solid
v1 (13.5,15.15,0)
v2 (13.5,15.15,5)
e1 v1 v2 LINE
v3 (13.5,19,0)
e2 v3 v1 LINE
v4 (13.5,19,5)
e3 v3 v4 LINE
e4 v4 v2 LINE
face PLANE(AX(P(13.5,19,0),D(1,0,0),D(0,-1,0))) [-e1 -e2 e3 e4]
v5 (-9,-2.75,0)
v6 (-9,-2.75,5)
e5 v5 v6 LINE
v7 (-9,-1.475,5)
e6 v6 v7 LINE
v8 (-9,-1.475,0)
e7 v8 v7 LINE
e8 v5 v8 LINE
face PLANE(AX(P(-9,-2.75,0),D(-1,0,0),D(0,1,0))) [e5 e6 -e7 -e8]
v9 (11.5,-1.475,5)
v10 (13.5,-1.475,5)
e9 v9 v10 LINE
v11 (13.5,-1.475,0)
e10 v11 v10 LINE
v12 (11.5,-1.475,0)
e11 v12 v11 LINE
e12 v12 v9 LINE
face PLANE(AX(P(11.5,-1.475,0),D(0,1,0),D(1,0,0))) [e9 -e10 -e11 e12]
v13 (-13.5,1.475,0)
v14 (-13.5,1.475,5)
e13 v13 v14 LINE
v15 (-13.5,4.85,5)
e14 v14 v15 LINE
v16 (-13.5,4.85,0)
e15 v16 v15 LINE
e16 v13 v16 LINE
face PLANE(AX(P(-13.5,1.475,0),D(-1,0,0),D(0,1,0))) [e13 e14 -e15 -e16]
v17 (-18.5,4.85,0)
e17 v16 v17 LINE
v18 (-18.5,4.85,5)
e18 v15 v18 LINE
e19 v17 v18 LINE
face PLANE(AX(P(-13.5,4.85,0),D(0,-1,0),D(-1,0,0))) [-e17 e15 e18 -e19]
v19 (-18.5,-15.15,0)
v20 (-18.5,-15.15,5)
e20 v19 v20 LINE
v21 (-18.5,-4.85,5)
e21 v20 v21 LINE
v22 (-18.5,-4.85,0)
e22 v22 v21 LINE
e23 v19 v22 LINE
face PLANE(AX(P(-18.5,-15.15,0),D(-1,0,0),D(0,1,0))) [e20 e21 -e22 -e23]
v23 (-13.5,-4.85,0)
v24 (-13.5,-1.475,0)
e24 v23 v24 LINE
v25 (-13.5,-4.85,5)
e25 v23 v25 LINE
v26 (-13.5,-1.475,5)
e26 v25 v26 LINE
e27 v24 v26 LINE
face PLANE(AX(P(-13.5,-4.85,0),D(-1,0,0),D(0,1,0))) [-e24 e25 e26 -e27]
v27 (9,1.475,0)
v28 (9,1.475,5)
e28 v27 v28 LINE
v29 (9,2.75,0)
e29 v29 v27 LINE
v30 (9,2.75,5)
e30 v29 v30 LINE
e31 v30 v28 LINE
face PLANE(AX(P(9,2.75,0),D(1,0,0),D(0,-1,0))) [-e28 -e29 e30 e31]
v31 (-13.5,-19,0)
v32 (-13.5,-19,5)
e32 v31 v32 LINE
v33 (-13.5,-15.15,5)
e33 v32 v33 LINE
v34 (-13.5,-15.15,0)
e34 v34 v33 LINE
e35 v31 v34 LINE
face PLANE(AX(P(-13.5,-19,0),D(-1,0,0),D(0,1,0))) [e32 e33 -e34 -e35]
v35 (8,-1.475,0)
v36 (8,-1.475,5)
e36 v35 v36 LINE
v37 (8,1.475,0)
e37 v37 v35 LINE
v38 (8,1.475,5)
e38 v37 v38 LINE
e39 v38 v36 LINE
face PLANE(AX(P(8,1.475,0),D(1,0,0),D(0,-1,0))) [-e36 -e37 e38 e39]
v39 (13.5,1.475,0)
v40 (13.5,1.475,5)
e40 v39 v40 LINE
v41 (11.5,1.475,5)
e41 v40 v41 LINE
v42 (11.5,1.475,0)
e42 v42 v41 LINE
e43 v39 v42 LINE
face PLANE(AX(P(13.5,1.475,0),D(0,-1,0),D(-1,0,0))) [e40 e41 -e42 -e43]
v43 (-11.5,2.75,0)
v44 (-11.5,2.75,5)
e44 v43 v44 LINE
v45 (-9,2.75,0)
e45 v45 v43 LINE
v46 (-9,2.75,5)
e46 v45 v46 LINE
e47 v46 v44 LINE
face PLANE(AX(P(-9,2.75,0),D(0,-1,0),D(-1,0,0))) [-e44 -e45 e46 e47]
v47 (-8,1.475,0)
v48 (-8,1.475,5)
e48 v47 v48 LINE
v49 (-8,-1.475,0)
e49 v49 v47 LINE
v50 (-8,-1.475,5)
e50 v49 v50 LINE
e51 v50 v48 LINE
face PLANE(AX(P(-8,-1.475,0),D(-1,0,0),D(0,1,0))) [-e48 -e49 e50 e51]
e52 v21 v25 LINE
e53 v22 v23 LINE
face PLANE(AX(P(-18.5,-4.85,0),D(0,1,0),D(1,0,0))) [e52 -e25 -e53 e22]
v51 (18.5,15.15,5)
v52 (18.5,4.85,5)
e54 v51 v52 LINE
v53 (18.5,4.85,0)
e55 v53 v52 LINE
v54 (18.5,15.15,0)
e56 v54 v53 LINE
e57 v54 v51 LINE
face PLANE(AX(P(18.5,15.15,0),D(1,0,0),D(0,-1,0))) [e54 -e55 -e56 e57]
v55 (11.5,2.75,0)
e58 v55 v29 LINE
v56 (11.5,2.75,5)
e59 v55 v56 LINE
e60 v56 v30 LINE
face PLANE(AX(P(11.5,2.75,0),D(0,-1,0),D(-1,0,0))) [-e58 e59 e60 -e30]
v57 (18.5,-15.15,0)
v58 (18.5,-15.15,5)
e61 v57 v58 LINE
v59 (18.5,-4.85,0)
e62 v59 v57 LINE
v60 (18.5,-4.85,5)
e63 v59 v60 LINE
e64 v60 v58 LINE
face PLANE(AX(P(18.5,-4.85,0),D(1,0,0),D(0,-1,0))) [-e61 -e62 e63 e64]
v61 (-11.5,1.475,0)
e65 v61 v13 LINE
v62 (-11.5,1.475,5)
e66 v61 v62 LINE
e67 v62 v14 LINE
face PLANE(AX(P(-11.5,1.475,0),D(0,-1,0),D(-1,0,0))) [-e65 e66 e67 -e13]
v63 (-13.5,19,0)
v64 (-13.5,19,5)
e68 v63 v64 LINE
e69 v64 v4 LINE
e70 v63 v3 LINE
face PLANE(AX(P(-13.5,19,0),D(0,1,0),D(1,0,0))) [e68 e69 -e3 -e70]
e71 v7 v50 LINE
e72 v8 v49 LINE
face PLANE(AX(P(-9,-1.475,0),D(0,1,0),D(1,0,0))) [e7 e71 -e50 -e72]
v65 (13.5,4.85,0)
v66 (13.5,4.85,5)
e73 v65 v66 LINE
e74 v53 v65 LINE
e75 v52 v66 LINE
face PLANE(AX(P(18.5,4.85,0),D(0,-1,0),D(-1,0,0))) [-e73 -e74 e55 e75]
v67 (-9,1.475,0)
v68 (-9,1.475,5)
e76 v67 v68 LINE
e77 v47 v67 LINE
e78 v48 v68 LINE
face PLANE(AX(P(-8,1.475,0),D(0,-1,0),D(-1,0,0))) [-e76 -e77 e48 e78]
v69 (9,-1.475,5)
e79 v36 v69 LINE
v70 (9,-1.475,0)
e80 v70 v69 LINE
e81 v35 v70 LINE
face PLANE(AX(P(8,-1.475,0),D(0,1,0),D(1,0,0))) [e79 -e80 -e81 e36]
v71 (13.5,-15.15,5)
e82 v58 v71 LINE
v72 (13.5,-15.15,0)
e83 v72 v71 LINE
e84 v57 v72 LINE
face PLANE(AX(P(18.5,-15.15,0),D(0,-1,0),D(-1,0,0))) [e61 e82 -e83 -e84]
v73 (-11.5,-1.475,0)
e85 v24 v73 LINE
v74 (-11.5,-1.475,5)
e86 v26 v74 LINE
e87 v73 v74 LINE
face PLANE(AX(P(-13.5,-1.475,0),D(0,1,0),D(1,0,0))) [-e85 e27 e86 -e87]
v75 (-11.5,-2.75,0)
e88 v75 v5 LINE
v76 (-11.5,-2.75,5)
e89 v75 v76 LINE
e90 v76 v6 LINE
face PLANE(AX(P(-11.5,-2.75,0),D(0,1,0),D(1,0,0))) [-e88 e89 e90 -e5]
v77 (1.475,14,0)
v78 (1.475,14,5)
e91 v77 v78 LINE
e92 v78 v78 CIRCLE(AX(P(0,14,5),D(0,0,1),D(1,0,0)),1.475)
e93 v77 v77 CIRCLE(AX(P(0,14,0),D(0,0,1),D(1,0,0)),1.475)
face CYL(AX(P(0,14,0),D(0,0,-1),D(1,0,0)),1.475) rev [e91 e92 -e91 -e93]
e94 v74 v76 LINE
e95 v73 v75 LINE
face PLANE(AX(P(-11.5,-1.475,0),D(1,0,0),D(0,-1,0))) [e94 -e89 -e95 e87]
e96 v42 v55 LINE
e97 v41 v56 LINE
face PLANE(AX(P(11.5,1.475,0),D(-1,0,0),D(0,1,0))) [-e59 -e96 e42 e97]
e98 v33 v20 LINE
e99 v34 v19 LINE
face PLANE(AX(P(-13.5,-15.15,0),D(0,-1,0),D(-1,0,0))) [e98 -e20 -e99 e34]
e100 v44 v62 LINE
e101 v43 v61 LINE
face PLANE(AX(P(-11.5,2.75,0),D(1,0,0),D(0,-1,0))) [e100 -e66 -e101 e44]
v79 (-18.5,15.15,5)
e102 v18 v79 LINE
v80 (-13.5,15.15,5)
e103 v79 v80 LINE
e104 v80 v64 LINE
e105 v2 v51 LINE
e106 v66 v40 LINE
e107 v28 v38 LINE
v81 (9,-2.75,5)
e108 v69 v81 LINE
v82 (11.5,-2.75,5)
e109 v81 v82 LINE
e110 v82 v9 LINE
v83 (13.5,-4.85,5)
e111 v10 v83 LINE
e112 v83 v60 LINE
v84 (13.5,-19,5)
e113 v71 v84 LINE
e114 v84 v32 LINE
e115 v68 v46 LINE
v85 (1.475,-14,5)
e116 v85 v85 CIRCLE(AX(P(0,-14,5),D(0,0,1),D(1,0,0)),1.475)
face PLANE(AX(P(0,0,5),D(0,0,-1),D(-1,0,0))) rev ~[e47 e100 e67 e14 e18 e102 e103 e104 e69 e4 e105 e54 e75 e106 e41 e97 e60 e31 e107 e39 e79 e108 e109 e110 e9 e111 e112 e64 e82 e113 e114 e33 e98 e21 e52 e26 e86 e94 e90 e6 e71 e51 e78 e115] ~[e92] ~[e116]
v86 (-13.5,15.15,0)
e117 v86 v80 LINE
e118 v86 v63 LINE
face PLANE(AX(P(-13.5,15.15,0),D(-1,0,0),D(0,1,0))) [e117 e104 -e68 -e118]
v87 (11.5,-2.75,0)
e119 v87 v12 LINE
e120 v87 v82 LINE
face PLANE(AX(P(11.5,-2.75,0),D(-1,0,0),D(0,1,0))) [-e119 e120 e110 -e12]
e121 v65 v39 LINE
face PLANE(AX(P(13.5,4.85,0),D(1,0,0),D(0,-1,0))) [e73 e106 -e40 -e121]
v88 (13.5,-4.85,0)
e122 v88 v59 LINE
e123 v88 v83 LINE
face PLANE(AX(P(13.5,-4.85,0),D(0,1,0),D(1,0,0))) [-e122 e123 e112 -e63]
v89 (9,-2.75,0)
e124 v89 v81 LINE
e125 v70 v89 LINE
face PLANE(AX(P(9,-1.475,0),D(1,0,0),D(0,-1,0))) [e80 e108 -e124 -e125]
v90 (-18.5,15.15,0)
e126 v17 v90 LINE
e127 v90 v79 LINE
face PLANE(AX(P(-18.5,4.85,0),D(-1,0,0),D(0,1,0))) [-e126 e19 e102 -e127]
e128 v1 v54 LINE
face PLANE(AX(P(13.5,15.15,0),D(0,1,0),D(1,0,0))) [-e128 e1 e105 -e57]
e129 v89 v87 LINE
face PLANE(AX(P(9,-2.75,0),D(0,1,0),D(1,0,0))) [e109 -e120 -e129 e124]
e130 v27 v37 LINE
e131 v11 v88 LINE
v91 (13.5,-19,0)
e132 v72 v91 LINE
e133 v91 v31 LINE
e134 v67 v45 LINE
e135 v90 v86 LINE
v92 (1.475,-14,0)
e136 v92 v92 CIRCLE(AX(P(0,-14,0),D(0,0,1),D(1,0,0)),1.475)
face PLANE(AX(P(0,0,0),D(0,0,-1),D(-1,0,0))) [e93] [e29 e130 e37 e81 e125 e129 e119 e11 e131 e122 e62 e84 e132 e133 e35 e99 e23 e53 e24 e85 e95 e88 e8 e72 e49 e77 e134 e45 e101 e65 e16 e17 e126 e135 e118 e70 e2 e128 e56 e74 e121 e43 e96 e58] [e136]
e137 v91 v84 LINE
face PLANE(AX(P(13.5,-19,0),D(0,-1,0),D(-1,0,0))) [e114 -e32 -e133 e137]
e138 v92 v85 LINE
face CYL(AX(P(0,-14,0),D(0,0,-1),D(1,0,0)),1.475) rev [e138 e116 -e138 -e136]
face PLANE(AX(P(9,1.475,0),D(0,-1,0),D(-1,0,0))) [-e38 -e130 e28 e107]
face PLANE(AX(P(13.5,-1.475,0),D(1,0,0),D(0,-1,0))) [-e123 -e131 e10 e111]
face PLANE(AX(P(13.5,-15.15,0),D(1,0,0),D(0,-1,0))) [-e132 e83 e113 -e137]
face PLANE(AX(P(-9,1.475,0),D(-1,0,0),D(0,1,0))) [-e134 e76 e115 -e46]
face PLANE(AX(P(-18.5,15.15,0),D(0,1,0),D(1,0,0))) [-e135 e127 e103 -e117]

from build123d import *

# Parameters (mm, degrees)
SKETCH1_R           = 1.475
BOSS_EXTRUDE1_DEPTH = 5


with BuildPart() as part:
    # Sketch1 → Boss-Extrude1 (new body)
    with BuildSketch(Plane.XY):
        Polygon((-13.5, 19), (13.5, 19), (13.5, 15.15), (18.5, 15.15), (18.5, 4.85), (13.5, 4.85), (13.5, 1.475), (11.5, 1.475), (11.5, 2.75), (9, 2.75), (9, 1.475), (8, 1.475), (8, -1.475), (9, -1.475), (9, -2.75), (11.5, -2.75), (11.5, -1.475), (13.5, -1.475), (13.5, -4.85), (18.5, -4.85), (18.5, -15.15), (13.5, -15.15), (13.5, -19), (-13.5, -19), (-13.5, -15.15), (-18.5, -15.15), (-18.5, -4.85), (-13.5, -4.85), (-13.5, -1.475), (-11.5, -1.475), (-11.5, -2.75), (-9, -2.75), (-9, -1.475), (-8, -1.475), (-8, 1.475), (-9, 1.475), (-9, 2.75), (-11.5, 2.75), (-11.5, 1.475), (-13.5, 1.475), (-13.5, 4.85), (-18.5, 4.85), (-18.5, 15.15), (-13.5, 15.15), align=None)
        with Locations((0, 14)):
            Circle(SKETCH1_R, mode=Mode.SUBTRACT)
        with Locations((0, -14)):
            Circle(SKETCH1_R, mode=Mode.SUBTRACT)
    extrude(amount=BOSS_EXTRUDE1_DEPTH)


solid = part.part
